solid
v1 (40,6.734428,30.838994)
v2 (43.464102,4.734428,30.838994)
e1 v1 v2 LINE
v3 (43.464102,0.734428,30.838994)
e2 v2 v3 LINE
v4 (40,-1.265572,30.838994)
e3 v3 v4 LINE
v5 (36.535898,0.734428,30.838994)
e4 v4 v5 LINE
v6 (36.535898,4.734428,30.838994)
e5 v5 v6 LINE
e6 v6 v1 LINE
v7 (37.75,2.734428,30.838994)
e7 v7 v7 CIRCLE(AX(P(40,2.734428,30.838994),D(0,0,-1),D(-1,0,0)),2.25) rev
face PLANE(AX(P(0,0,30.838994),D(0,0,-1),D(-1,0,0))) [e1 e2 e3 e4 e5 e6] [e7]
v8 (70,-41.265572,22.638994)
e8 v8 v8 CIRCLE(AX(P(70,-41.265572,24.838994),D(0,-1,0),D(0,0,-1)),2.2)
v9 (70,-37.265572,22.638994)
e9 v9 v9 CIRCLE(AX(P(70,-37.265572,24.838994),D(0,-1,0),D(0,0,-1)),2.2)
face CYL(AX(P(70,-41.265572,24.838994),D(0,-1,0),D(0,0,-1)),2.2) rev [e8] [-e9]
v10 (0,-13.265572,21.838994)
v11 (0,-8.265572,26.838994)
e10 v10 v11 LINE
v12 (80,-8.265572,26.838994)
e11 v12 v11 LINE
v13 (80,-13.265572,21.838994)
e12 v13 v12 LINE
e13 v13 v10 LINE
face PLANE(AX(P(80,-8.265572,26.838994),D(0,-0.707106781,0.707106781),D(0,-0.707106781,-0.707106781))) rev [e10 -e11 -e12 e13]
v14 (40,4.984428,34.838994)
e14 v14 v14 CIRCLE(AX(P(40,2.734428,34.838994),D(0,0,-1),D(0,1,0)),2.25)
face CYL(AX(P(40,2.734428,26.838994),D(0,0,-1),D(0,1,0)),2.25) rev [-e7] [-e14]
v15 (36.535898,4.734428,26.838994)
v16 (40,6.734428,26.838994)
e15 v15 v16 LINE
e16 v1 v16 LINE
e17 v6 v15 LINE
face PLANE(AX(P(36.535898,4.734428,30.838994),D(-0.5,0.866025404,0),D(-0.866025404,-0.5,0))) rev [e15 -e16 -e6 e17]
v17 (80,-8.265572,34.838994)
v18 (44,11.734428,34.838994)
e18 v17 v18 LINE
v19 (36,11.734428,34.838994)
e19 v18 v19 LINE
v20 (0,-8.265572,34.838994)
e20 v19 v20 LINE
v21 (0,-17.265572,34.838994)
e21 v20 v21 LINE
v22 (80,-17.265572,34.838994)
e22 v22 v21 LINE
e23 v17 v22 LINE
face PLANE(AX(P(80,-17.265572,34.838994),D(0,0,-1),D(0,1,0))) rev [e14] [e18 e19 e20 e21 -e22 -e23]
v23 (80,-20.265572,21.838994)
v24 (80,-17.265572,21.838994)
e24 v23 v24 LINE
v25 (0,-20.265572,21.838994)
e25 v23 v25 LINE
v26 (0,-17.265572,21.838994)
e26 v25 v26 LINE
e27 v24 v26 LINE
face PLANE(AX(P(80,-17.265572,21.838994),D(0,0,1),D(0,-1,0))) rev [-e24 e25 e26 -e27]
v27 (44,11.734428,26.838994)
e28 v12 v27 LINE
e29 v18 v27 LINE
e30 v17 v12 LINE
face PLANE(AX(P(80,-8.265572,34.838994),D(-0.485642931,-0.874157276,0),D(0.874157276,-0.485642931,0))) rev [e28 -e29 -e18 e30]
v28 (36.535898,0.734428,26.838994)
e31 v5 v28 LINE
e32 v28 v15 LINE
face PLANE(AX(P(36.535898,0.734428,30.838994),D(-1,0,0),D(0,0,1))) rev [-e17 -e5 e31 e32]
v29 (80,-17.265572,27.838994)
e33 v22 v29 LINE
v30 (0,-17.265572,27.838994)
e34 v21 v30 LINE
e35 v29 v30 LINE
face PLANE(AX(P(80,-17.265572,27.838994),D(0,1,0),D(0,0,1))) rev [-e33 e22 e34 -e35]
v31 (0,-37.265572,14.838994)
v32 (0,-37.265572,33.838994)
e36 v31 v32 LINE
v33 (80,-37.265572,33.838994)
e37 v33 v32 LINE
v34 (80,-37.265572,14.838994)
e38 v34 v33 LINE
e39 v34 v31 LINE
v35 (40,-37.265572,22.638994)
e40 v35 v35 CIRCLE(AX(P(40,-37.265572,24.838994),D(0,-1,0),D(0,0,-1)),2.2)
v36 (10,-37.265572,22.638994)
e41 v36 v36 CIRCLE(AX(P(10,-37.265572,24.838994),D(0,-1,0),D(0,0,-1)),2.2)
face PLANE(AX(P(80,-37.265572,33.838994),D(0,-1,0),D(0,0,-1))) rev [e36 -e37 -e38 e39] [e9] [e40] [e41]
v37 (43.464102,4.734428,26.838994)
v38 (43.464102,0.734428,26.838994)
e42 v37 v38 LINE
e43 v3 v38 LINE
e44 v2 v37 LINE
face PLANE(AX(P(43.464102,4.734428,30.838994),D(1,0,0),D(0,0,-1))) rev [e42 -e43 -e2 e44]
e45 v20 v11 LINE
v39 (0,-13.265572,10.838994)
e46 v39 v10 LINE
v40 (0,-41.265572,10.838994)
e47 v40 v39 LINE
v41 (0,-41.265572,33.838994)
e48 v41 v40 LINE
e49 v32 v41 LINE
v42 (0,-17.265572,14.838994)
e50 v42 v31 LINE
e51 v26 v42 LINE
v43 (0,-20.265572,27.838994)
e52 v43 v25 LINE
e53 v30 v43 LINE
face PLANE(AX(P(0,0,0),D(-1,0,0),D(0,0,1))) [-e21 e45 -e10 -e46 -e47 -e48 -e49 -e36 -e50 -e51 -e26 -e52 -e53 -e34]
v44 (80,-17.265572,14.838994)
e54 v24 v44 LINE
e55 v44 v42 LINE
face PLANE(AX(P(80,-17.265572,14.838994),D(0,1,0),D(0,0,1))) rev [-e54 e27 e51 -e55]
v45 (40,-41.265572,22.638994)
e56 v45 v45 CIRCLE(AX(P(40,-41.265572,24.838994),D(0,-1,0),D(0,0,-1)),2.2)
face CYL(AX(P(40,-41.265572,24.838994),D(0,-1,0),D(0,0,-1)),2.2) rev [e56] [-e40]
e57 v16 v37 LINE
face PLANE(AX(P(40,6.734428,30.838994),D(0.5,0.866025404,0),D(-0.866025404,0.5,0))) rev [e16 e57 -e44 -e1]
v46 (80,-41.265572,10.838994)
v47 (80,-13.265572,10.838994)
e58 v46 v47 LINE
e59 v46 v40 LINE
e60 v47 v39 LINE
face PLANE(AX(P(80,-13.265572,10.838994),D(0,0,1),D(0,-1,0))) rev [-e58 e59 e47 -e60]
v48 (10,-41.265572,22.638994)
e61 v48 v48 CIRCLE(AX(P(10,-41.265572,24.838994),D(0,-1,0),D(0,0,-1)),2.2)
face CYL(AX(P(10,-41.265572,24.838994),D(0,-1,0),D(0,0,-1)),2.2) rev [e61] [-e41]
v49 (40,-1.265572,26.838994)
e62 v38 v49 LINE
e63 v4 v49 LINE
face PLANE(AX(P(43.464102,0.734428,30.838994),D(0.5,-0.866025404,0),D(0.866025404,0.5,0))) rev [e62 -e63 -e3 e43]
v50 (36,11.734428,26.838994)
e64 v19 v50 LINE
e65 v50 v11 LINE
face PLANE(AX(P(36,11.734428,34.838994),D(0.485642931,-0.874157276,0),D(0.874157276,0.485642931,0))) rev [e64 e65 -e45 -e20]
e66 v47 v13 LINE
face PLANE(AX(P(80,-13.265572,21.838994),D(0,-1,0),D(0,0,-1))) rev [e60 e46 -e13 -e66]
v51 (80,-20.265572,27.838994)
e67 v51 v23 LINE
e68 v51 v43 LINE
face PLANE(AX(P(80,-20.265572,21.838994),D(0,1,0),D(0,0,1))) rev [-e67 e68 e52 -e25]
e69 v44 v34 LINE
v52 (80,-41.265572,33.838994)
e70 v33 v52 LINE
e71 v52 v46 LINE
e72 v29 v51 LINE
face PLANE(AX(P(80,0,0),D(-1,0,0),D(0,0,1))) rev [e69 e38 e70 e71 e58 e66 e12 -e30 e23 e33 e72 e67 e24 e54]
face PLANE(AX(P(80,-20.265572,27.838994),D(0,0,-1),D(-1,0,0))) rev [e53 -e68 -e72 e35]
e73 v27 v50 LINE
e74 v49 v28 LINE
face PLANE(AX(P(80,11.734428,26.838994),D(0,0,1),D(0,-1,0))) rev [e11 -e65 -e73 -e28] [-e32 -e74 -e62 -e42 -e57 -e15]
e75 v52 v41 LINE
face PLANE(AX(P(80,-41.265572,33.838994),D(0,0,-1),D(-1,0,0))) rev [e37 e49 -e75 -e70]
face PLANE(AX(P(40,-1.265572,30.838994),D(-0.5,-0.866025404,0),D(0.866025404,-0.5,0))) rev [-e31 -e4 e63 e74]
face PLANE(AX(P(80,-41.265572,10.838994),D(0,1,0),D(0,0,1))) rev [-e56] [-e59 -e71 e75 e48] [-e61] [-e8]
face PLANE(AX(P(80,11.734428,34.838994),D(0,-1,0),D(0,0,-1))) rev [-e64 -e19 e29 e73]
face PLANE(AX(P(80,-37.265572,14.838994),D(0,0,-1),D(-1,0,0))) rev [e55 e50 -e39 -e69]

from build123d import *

# Parameters (mm, degrees)
BOSS_EXTRU_1_DEPTH      = 80
ENL_V_MAT_EXTRU_1_DEPTH = 9
D_GAGEMENT_M41_D        = 4.5
D_GAGEMENT_M41_DEPTH    = 10
D_GAGEMENT_M41_TIP      = 1.351936393
ENL_V_MAT_EXTRU_2_DEPTH = 4
D_GAGEMENT_M42_D        = 4.4
D_GAGEMENT_M42_DEPTH    = 10
D_GAGEMENT_M42_TIP      = 1.321893362


with BuildPart() as part:
    # Esquisse1 → Boss.-Extru.1 (new body)
    with BuildSketch(Plane(origin=(0, 0, 0), x_dir=(0, 0, -1), z_dir=(1, 0, 0))):
        Polygon((-33.838993879, -37.26557224), (-14.838993879, -37.26557224), (-14.838993879, -17.26557224), (-21.838993879, -17.26557224), (-21.838993879, -20.26557224), (-27.838993879, -20.26557224), (-27.838993879, -17.26557224), (-34.838993879, -17.26557224), (-34.838993879, 11.73442776), (-26.838993879, 11.73442776), (-26.838993879, -8.26557224), (-21.838993879, -13.26557224), (-10.838993879, -13.26557224), (-10.838993879, -41.26557224), (-33.838993879, -41.26557224), align=None)
    extrude(amount=BOSS_EXTRU_1_DEPTH)

    # Esquisse2 → Enlèv. mat.-Extru.1 (cut, through all)
    with BuildSketch(Plane(origin=(0, 0, 26.838993879), x_dir=(-1, 0, 0), z_dir=(0, 0, -1))):
        Polygon((-80, -8.26557224), (-44, 11.73442776), (-36, 11.73442776), (0, -8.26557224), (0, 11.73442776), (-36, 16.436885369), (-44, 16.436885369), (-80, 11.73442776), align=None)
    extrude(amount=-ENL_V_MAT_EXTRU_1_DEPTH, mode=Mode.SUBTRACT)

    # Dégagement M41
    with Locations(Plane(origin=(0, 0, 26.838993879), x_dir=(-1, 0, 0), z_dir=(0, 0, -1))):
        with Locations((-40, 2.73442776)):
            Hole(D_GAGEMENT_M41_D / 2, depth=D_GAGEMENT_M41_DEPTH)
            with Locations((0, 0, -(D_GAGEMENT_M41_DEPTH + D_GAGEMENT_M41_TIP / 2))):  # 118° drill point
                Cone(0, D_GAGEMENT_M41_D / 2, D_GAGEMENT_M41_TIP, mode=Mode.SUBTRACT)

    # Esquisse7 → Enlèv. mat.-Extru.2 (cut)
    with BuildSketch(Plane(origin=(0, 0, 26.838993879), x_dir=(-1, 0, 0), z_dir=(0, 0, -1))):
        Polygon((-40, 6.73442776), (-43.464101615, 4.73442776), (-43.464101615, 0.73442776), (-40, -1.26557224), (-36.535898385, 0.73442776), (-36.535898385, 4.73442776), align=None)
    extrude(amount=-ENL_V_MAT_EXTRU_2_DEPTH, mode=Mode.SUBTRACT)

    # Dégagement M42
    with Locations(Plane(origin=(0, -41.26557224, 0), x_dir=(-1, 0, 0), z_dir=(0, -1, 0))):
        with Locations((-10, -24.838993879), (-40, -24.838993879), (-70, -24.838993879)):
            Hole(D_GAGEMENT_M42_D / 2, depth=D_GAGEMENT_M42_DEPTH)
            with Locations((0, 0, -(D_GAGEMENT_M42_DEPTH + D_GAGEMENT_M42_TIP / 2))):  # 118° drill point
                Cone(0, D_GAGEMENT_M42_D / 2, D_GAGEMENT_M42_TIP, mode=Mode.SUBTRACT)


solid = part.part
